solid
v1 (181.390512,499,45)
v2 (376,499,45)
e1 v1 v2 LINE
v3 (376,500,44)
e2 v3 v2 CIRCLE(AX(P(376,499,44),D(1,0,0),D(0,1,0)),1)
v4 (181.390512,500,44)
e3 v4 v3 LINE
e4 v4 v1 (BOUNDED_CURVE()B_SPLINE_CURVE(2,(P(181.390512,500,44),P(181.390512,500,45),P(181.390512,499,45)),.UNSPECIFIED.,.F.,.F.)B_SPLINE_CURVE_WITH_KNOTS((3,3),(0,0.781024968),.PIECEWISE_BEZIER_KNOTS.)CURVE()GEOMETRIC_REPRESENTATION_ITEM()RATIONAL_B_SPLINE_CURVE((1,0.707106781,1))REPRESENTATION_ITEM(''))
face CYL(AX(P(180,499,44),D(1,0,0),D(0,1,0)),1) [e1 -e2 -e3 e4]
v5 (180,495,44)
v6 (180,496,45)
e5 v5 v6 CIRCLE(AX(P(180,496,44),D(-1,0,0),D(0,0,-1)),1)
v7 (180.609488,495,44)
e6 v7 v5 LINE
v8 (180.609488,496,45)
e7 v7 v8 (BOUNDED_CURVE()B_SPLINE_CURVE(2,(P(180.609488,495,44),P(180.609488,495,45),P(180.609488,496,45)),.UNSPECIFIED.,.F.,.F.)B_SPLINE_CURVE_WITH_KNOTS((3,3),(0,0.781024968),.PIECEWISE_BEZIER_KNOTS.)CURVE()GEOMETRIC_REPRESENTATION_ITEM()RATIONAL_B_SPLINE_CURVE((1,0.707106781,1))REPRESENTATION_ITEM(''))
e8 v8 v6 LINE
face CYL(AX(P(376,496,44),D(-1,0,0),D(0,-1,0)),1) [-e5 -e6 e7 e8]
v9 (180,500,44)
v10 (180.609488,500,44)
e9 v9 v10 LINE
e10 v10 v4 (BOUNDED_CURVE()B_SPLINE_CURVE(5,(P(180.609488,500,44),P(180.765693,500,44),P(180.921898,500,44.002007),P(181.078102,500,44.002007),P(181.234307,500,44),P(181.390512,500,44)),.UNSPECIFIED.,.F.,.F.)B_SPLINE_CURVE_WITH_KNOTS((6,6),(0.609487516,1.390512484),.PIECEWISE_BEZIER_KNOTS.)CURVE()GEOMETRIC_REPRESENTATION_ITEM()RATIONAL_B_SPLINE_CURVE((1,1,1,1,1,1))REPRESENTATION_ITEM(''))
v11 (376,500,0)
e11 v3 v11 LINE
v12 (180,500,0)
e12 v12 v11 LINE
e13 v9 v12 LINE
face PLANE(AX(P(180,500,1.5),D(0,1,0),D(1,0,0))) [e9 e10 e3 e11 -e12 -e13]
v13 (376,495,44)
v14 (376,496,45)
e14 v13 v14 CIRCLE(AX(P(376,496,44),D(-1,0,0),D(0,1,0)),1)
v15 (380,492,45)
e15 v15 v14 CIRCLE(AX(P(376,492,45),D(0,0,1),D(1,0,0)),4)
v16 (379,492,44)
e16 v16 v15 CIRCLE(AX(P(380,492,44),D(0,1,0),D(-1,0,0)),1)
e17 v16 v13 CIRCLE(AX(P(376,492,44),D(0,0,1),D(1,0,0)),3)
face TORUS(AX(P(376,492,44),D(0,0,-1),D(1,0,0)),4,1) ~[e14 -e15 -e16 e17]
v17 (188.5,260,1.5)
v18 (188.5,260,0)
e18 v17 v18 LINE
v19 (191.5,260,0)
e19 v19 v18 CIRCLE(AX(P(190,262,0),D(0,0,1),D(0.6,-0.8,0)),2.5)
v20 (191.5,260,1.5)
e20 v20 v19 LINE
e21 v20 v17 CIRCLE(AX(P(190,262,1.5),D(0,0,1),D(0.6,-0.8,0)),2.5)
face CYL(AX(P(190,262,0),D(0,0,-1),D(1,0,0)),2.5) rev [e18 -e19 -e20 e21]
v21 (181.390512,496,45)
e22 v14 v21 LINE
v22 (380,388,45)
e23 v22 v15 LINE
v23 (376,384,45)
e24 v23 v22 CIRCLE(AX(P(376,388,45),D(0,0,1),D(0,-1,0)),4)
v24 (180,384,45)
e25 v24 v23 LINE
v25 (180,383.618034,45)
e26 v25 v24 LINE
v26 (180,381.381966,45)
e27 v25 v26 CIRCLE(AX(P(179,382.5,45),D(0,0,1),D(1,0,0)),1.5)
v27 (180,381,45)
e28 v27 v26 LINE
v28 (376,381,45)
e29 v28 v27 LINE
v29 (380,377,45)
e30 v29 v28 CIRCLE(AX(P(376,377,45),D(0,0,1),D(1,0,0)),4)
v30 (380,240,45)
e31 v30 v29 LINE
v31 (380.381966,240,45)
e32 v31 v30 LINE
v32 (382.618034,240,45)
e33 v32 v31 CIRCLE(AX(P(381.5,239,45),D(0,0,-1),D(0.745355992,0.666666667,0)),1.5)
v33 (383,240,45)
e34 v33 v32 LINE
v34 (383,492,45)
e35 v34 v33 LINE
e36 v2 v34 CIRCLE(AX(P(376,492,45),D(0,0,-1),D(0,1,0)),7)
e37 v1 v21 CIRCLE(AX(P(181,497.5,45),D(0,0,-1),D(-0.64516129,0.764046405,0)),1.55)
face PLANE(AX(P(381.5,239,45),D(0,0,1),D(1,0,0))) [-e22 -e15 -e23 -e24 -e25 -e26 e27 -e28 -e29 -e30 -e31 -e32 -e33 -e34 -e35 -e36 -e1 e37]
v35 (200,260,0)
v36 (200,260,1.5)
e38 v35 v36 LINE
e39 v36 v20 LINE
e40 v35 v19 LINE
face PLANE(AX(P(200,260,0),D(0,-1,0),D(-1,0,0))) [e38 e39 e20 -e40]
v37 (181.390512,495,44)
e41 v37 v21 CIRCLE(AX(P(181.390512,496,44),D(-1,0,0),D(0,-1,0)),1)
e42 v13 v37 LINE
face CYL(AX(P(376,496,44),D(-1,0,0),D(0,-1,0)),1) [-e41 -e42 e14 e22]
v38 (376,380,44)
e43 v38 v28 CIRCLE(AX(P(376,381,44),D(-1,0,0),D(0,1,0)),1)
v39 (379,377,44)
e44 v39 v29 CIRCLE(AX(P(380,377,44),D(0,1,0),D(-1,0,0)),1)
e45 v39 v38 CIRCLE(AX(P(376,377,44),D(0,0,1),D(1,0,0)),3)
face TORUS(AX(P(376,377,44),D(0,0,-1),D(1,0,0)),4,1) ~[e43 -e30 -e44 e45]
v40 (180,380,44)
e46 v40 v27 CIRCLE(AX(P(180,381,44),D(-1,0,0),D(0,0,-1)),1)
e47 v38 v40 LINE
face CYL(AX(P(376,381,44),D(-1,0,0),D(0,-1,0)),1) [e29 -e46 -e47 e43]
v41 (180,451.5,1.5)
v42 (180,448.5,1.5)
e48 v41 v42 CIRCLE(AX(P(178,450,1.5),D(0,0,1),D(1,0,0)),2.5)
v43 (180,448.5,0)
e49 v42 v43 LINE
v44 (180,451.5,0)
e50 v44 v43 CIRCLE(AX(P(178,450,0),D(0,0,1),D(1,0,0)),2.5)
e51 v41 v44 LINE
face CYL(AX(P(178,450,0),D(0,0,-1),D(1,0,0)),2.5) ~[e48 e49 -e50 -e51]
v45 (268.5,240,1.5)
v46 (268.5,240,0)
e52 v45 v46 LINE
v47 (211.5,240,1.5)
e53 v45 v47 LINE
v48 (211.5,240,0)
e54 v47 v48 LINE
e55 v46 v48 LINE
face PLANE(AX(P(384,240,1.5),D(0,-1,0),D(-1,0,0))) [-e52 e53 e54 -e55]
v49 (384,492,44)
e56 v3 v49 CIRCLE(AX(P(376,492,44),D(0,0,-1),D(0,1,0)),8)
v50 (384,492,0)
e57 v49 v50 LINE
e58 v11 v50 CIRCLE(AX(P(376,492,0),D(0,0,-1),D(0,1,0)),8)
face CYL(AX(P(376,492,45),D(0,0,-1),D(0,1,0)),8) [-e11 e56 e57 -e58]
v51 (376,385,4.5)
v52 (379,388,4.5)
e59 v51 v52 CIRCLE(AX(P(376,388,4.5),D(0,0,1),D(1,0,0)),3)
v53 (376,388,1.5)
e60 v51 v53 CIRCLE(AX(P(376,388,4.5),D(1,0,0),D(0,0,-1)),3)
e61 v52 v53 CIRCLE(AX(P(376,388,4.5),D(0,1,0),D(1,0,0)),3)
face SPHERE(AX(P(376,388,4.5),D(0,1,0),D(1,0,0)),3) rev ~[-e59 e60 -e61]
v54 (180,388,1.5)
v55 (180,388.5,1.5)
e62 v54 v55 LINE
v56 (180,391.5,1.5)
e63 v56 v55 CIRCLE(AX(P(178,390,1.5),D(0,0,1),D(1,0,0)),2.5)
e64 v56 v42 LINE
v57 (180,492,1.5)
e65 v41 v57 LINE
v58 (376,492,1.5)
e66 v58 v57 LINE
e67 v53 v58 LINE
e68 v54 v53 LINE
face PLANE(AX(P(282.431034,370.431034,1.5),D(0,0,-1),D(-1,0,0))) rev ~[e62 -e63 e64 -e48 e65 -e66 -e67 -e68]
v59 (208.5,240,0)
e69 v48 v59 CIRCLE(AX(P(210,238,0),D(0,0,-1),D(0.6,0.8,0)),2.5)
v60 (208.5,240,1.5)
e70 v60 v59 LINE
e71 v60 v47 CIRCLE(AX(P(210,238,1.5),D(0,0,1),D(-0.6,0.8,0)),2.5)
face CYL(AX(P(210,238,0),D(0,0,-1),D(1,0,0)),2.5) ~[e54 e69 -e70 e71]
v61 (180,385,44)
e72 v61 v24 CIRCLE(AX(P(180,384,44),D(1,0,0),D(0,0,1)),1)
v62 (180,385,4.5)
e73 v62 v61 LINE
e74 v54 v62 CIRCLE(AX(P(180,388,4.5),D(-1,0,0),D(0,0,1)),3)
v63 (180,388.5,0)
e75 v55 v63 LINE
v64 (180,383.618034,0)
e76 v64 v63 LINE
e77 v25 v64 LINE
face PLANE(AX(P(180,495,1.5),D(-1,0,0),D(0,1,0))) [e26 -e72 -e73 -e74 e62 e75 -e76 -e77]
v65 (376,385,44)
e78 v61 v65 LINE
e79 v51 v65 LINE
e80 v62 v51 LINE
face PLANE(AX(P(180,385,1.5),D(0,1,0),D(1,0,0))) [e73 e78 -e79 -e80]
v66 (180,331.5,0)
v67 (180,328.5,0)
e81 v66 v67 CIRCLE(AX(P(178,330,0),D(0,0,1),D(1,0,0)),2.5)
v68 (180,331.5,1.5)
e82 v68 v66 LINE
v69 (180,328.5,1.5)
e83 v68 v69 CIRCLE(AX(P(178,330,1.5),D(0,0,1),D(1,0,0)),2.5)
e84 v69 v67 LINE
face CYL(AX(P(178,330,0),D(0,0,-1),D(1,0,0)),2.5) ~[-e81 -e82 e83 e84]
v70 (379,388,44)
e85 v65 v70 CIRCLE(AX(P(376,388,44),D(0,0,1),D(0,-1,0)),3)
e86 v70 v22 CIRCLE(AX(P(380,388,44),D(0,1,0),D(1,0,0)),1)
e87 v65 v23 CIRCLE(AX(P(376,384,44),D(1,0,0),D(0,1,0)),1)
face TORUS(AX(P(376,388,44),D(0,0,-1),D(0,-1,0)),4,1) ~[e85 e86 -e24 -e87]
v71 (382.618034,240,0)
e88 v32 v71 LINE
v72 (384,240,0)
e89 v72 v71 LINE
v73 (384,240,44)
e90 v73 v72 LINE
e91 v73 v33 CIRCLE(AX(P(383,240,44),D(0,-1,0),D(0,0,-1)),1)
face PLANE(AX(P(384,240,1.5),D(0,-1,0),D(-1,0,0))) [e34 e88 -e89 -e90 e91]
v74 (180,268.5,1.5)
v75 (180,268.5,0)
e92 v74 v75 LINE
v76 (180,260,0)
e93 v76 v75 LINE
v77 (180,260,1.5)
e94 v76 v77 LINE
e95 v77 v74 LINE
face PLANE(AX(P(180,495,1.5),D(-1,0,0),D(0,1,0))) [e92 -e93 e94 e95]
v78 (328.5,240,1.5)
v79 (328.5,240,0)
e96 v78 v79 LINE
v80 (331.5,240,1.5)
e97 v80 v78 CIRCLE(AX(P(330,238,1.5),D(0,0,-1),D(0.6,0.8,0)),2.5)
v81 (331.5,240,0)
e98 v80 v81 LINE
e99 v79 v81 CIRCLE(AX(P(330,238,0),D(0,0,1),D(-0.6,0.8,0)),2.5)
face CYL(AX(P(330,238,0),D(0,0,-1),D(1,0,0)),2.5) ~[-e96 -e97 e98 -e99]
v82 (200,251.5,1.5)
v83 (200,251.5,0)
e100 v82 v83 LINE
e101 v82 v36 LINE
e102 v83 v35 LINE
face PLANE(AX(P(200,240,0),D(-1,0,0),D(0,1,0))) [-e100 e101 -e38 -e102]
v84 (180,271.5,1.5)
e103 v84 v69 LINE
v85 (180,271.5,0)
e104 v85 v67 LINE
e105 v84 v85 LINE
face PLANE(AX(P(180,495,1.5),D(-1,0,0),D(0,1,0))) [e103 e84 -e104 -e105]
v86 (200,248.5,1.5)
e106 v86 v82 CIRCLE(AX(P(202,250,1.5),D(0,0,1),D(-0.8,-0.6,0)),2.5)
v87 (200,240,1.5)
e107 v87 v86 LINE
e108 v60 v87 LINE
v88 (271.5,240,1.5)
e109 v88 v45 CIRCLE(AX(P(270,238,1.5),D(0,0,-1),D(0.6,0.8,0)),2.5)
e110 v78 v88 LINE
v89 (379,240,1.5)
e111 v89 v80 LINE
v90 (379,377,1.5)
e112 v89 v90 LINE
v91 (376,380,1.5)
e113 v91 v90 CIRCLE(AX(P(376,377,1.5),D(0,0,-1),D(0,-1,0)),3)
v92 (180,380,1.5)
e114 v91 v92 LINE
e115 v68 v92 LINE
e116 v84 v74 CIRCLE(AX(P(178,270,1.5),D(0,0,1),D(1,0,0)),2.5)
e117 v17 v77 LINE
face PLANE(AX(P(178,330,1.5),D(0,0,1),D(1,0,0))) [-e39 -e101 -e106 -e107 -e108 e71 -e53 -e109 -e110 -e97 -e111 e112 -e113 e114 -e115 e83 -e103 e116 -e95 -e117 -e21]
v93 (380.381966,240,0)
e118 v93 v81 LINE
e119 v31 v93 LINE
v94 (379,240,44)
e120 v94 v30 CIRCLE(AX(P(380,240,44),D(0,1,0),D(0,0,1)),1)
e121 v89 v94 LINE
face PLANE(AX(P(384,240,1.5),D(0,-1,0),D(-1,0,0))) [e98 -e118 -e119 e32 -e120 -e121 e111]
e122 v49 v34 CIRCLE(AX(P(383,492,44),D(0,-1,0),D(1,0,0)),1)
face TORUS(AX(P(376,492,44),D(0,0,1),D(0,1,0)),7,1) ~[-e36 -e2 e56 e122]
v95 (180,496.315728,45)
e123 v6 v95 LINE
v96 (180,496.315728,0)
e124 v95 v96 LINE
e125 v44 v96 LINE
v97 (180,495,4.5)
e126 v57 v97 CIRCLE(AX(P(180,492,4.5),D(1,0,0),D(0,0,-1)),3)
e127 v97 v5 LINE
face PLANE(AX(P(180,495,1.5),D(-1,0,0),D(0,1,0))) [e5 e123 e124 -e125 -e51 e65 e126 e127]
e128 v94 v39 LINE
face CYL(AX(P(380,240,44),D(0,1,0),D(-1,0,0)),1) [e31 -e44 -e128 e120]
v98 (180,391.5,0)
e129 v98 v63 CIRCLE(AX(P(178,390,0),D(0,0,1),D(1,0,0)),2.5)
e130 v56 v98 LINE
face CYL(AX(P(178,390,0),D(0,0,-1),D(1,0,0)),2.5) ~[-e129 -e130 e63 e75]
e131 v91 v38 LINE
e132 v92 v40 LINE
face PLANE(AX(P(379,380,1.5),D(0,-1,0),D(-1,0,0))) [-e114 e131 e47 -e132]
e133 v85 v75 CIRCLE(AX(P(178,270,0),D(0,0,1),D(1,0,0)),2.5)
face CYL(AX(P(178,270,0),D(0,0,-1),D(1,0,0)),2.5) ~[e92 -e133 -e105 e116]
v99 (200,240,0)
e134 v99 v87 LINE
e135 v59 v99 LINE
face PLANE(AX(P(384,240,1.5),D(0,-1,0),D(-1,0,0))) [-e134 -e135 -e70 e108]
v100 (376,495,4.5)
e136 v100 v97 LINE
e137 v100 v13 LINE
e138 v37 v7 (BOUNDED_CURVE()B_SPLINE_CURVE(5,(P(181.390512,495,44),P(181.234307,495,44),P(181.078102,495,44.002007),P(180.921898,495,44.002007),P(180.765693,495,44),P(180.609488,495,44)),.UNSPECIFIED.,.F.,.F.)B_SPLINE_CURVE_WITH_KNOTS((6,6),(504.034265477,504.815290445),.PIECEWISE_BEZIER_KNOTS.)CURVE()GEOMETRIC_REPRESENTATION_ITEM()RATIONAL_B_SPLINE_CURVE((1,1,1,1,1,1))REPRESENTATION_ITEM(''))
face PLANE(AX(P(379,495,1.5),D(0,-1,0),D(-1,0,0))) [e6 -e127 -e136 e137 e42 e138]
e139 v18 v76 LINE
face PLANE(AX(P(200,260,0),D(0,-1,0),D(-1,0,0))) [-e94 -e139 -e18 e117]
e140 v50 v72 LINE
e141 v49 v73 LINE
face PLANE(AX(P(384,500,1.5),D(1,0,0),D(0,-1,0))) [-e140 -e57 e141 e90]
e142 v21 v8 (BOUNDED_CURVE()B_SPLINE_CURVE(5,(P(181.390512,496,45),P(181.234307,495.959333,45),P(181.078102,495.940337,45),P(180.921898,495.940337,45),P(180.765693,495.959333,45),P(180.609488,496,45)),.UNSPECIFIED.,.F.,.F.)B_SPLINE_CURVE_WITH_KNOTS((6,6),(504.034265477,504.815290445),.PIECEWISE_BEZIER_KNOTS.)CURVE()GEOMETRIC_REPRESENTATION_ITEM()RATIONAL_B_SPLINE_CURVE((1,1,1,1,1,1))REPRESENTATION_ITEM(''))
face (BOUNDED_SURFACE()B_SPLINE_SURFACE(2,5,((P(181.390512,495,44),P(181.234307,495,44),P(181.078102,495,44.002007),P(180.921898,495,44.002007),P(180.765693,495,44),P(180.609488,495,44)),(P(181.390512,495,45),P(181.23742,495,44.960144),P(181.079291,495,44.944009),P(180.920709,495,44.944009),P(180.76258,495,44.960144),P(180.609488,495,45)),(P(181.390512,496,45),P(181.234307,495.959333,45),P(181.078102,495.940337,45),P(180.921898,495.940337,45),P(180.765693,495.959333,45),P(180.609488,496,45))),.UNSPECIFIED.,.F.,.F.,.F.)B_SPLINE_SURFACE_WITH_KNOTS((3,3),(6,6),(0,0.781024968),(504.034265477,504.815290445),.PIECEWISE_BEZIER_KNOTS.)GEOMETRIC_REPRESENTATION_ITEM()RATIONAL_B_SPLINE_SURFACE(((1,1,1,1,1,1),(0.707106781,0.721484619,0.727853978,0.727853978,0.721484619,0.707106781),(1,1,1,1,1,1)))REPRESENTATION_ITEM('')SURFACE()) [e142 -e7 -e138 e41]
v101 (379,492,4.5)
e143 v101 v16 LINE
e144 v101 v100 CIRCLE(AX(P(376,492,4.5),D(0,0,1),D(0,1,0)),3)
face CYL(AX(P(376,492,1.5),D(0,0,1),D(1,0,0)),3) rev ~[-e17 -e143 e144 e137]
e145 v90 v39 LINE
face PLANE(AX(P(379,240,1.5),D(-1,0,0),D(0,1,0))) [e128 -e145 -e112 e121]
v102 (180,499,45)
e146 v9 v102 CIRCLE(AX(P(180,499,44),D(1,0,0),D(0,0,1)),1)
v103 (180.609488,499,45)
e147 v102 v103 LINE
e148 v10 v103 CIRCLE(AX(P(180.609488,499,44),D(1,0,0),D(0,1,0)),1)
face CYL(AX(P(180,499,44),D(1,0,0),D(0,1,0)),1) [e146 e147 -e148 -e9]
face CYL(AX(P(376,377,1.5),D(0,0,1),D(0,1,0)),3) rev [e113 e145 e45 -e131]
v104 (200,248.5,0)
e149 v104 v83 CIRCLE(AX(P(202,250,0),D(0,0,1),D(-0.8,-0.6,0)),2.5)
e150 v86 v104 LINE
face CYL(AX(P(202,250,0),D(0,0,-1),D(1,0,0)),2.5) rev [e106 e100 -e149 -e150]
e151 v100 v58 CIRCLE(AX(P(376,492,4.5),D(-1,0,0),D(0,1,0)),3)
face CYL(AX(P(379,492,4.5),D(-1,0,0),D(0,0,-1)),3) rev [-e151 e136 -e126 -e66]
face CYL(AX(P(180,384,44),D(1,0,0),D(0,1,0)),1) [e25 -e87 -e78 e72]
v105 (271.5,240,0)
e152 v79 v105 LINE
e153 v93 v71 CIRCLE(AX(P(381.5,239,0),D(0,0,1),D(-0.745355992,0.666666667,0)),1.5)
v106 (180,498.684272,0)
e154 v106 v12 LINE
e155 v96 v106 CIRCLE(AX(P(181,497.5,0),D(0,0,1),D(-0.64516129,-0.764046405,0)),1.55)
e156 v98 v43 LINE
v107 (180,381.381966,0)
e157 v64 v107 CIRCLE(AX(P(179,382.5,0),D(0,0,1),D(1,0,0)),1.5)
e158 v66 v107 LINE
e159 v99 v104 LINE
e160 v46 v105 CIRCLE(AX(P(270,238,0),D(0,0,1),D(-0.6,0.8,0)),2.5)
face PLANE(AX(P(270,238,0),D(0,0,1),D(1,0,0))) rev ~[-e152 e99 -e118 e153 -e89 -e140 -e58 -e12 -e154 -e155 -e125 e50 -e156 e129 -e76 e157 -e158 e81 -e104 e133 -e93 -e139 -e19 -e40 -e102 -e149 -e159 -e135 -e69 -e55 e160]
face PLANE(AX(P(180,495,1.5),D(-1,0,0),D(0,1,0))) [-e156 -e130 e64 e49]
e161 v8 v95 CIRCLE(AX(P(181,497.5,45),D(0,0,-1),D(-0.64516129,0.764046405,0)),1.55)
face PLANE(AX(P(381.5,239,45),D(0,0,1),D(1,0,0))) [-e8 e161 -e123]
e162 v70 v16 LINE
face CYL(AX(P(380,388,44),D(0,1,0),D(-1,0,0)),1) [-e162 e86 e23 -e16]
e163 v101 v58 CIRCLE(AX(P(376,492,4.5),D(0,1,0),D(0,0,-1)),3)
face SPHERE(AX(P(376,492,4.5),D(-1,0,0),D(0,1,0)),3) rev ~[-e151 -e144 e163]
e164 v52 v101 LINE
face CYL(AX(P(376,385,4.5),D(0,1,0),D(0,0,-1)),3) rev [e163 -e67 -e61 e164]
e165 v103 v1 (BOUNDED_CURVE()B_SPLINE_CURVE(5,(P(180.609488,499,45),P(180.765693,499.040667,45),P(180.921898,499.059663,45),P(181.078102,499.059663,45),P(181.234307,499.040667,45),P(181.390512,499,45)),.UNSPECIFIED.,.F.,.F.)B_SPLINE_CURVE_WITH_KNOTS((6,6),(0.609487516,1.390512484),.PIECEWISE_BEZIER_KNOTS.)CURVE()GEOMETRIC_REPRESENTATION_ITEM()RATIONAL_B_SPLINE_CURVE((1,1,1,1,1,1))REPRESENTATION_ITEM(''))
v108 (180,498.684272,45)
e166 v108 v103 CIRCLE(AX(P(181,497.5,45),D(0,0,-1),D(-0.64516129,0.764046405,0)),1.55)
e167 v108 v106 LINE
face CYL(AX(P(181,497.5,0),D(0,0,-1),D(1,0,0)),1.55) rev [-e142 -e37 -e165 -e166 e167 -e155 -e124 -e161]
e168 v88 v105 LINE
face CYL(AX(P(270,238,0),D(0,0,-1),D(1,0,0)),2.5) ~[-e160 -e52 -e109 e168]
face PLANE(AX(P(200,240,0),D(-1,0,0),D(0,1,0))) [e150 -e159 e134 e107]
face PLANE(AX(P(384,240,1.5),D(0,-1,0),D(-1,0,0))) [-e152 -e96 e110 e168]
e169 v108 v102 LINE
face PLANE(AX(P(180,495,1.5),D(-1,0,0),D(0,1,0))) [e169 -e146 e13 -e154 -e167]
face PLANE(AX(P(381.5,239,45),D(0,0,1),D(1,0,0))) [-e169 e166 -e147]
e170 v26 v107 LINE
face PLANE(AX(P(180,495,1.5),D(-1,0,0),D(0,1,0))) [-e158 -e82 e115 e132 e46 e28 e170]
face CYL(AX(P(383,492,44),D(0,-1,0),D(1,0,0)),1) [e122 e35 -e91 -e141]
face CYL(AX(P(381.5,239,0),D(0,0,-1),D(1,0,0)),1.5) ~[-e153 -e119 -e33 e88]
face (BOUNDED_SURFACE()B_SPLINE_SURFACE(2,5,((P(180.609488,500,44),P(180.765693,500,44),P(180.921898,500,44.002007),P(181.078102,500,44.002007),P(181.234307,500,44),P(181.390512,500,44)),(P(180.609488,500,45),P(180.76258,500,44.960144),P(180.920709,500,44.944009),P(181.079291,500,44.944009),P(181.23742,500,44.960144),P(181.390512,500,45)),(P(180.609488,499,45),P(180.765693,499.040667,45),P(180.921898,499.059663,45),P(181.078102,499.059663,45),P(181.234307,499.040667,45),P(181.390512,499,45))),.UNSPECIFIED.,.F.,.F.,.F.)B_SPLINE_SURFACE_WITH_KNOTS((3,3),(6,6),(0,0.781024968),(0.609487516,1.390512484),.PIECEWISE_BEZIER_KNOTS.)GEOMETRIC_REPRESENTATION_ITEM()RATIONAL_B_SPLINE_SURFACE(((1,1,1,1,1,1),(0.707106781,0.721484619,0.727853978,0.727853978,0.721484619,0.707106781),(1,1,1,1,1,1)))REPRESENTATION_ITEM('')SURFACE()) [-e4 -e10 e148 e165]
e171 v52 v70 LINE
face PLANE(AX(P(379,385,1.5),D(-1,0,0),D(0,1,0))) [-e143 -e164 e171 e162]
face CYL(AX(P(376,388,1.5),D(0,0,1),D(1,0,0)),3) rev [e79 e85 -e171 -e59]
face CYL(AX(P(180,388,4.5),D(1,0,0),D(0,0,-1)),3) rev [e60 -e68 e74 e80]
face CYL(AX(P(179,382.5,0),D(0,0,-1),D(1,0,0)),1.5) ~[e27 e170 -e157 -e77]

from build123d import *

# Parameters (mm, degrees)
PAD012_DEPTH           = 1.5
PAD013_DEPTH           = 43.5
FILLET005_R            = 3
FILLET006_R            = 8
SKETCH020_R            = 1.5
PAD014_DEPTH           = 45
SKETCH021_R            = 1.55
POCKET005_DEPTH        = 45.001
FILLET007_R            = 1
SKETCH022_R            = 2.5
PAD015_DEPTH           = 1.5
LINEARPATTERN005_COUNT = 3
LINEARPATTERN005_PITCH = 60
SKETCH023_R            = 2.5
PAD016_DEPTH           = 1.5
LINEARPATTERN006_COUNT = 4
LINEARPATTERN006_PITCH = 60
SKETCH024_R            = 2.5
POCKET006_DEPTH        = 45.001


with BuildPart() as part:
    # Sketch018 (on XY_Plane003 of Origin006) → Pad012 (new body)
    with BuildSketch(Plane.XY):
        Polygon((200, 240), (200, 260), (180, 260), (180, 500), (384, 500), (384, 240), align=None)
    extrude(amount=PAD012_DEPTH)

    # Sketch019 (on Face4 of Pad012) → Pad013 (join)
    with BuildSketch(Plane.XY.offset(1.5)):
        Polygon((180, 495), (180, 500), (384, 500), (384, 240), (379, 240), (379, 380), (180, 380), (180, 385), (379, 385), (379, 495), align=None)
    extrude(amount=PAD013_DEPTH)

    # Fillet005
    fillet005_edges = [part.edges().sort_by_distance(p)[0] for p in [
        (379, 380, 23.25),
        (279.5, 495, 1.5),
        (379, 495, 23.25),
        (379, 440, 1.5),
        (379, 385, 23.25),
        (279.5, 385, 1.5),
    ]]
    fillet(fillet005_edges, radius=FILLET005_R)

    # Fillet006
    fillet006_edges = [part.edges().sort_by_distance(p)[0] for p in [
        (384, 500, 23.25),
    ]]
    fillet(fillet006_edges, radius=FILLET006_R)

    # Sketch020 (on XY_Plane003 of Origin006) → Pad014 (join)
    with BuildSketch(Plane.XY):
        with Locations((381.5, 239)):
            Circle(SKETCH020_R)
        with Locations((179, 382.5)):
            Circle(SKETCH020_R)
    extrude(amount=PAD014_DEPTH)

    # Sketch021 (on XY_Plane003 of Origin006) → Pocket005 (cut, through all)
    with BuildSketch(Plane.XY):
        with Locations((181, 497.5)):
            Circle(SKETCH021_R)
    extrude(amount=POCKET005_DEPTH, mode=Mode.SUBTRACT)

    # Fillet007
    fillet007_edges = [part.edges().sort_by_distance(p)[0] for p in [
        (278, 380, 45),
        (278, 385, 45),
        (384, 366, 45),
    ]]
    fillet(fillet007_edges, radius=FILLET007_R)

    # Sketch022 (on XY_Plane003 of Origin006) → Pad015 (join)
    with BuildSketch(Plane.XY):
        with Locations((330, 238)):
            Circle(SKETCH022_R)
    pad015 = extrude(amount=PAD015_DEPTH)

    # LinearPattern005: Pad015 ×3
    with Locations(*[(-i * LINEARPATTERN005_PITCH, 0, 0) for i in range(1, LINEARPATTERN005_COUNT)]):
        add(pad015)

    # Sketch023 (on XY_Plane003 of Origin006) → Pad016 (join)
    with BuildSketch(Plane.XY):
        with Locations((178, 270)):
            Circle(SKETCH023_R)
    pad016 = extrude(amount=PAD016_DEPTH)

    # LinearPattern006: Pad016 ×4
    with Locations(*[(0, i * LINEARPATTERN006_PITCH, 0) for i in range(1, LINEARPATTERN006_COUNT)]):
        add(pad016)

    # Sketch024 (on XY_Plane003 of Origin006) → Pocket006 (cut, through all)
    with BuildSketch(Plane.XY):
        with Locations((190, 262)):
            Circle(SKETCH024_R)
        with Locations((202, 250)):
            Circle(SKETCH024_R)
    extrude(amount=POCKET006_DEPTH, mode=Mode.SUBTRACT)


solid = part.part
